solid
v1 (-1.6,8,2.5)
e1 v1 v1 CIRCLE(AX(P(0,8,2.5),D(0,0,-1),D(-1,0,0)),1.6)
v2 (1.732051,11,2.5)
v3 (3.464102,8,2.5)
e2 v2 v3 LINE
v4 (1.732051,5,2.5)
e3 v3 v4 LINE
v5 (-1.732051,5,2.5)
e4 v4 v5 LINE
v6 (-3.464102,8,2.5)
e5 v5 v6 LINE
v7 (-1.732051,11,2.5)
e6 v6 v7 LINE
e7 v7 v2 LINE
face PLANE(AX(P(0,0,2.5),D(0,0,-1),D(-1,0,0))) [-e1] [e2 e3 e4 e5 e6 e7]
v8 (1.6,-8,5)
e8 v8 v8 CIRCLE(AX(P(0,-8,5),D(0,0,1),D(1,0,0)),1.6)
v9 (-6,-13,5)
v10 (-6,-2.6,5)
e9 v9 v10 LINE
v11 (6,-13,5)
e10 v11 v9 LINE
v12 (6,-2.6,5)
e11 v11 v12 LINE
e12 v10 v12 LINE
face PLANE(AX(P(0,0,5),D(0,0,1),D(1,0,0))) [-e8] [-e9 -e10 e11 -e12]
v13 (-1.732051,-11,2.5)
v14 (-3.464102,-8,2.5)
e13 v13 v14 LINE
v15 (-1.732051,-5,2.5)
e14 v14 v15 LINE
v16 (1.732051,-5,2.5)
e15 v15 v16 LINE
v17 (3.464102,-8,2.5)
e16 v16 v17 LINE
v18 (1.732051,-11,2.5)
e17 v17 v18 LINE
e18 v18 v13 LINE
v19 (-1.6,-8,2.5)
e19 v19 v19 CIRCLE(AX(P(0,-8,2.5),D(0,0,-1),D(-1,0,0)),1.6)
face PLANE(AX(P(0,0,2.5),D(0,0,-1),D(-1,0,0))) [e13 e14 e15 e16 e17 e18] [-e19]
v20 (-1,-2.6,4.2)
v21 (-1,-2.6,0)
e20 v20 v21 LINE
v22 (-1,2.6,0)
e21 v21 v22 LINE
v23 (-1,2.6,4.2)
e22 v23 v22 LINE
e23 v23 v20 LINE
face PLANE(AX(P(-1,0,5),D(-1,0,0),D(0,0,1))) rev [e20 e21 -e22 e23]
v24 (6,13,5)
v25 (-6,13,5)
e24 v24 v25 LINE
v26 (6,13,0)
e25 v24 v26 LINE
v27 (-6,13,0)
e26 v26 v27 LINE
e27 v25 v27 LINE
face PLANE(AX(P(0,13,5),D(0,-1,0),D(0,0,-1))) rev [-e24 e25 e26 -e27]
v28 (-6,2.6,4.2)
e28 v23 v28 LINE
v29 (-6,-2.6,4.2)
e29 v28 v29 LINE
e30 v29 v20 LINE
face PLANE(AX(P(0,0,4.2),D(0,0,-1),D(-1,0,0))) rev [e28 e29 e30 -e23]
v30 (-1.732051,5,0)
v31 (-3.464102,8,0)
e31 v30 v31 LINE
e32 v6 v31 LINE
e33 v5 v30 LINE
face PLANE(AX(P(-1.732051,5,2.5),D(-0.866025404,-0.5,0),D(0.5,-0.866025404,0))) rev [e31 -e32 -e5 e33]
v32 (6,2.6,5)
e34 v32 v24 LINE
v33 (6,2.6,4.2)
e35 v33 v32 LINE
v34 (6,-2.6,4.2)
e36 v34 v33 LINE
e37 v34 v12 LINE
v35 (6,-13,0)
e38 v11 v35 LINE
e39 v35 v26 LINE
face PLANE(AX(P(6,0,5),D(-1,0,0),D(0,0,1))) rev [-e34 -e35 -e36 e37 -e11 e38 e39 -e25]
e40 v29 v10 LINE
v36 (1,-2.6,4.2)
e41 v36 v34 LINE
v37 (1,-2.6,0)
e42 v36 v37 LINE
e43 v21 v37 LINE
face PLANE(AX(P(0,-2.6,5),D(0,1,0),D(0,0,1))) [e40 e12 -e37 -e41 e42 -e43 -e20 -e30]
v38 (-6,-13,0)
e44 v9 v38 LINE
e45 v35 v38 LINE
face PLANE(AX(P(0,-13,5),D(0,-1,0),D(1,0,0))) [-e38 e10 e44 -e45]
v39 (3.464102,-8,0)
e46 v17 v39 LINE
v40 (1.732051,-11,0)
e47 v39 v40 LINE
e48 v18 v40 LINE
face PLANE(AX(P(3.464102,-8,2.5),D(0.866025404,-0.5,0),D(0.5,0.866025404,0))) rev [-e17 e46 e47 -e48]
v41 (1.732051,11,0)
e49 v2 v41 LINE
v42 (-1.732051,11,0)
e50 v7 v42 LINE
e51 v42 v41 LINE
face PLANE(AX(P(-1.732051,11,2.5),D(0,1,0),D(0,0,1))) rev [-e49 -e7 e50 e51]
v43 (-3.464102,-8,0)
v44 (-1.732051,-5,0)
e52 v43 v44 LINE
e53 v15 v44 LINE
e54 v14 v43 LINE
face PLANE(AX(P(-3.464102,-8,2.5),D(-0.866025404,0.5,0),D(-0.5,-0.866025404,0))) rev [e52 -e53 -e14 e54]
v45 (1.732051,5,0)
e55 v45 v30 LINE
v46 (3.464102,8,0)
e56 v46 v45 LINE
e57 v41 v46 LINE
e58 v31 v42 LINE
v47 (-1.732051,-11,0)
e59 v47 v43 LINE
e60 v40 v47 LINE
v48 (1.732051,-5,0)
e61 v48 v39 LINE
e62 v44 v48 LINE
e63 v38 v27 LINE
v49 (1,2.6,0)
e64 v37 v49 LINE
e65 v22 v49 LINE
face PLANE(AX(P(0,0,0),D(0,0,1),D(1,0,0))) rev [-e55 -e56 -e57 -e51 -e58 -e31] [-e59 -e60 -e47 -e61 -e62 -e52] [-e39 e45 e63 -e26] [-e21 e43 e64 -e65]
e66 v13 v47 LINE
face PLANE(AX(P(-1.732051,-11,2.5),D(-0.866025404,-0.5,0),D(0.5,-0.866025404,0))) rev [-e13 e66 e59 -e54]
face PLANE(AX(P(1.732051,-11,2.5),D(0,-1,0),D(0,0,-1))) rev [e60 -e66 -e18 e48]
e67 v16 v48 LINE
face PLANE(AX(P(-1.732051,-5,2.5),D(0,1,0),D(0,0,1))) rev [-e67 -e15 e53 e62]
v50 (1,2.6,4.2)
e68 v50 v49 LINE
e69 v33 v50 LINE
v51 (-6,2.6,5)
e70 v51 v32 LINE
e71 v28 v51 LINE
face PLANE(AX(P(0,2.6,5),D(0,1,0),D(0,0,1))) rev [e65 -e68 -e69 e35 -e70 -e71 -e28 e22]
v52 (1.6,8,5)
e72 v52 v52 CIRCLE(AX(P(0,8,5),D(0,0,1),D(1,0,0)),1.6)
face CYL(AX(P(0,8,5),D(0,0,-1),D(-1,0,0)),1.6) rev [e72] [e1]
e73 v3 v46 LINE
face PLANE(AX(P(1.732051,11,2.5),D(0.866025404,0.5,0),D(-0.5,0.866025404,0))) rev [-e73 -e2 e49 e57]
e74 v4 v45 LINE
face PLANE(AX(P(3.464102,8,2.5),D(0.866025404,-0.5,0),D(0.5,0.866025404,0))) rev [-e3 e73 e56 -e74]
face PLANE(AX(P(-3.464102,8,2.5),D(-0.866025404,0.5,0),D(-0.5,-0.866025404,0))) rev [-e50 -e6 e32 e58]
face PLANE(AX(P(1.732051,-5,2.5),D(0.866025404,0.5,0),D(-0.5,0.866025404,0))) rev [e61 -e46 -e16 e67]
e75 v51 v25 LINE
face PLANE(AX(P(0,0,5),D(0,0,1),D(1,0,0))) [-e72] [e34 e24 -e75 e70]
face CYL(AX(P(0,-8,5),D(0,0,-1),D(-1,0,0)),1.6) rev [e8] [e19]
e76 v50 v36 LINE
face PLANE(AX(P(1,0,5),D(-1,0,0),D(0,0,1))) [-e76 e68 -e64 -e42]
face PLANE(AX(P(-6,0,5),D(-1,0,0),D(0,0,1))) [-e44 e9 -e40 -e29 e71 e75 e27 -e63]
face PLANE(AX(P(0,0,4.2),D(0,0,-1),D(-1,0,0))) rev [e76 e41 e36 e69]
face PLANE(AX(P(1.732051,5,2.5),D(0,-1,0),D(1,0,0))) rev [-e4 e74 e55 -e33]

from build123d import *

# Parameters (mm, degrees)
SKETCH1_W           = 12
SKETCH1_H           = 26
SKETCH1_R           = 1.6
SKETCH1_W_2         = 2
SKETCH1_H_2         = 5.2
BOSS_EXTRUDE1_DEPTH = 5
SKETCH3_W           = 12
SKETCH3_H           = 5.2
CUT_EXTRUDE1_DEPTH  = 0.8
CUT_EXTRUDE2_DEPTH  = 2.5


with BuildPart() as part:
    # Sketch1 → Boss-Extrude1 (new body)
    with BuildSketch(Plane.XY):
        Rectangle(SKETCH1_W, SKETCH1_H)
        with Locations((0, 8)):
            Circle(SKETCH1_R, mode=Mode.SUBTRACT)
        with Locations((0, -8)):
            Circle(SKETCH1_R, mode=Mode.SUBTRACT)
        Rectangle(SKETCH1_W_2, SKETCH1_H_2, mode=Mode.SUBTRACT)
    extrude(amount=BOSS_EXTRUDE1_DEPTH)

    # Sketch3 → Cut-Extrude1 (cut)
    with BuildSketch(Plane.XY.offset(5)):
        Rectangle(SKETCH3_W, SKETCH3_H)
    extrude(amount=-CUT_EXTRUDE1_DEPTH, mode=Mode.SUBTRACT)

    # Sketch4 → Cut-Extrude2 (cut)
    with BuildSketch(Plane(origin=(0, 0, 0), x_dir=(-1, 0, 0), z_dir=(0, 0, -1))):
        Polygon((1.732050808, 11), (-1.732050808, 11), (-3.464101615, 8), (-1.732050808, 5), (1.732050808, 5), (3.464101615, 8), align=None)
        Polygon((1.732050808, -5), (-1.732050808, -5), (-3.464101615, -8), (-1.732050808, -11), (1.732050808, -11), (3.464101615, -8), align=None)
    extrude(amount=-CUT_EXTRUDE2_DEPTH, mode=Mode.SUBTRACT)


solid = part.part
